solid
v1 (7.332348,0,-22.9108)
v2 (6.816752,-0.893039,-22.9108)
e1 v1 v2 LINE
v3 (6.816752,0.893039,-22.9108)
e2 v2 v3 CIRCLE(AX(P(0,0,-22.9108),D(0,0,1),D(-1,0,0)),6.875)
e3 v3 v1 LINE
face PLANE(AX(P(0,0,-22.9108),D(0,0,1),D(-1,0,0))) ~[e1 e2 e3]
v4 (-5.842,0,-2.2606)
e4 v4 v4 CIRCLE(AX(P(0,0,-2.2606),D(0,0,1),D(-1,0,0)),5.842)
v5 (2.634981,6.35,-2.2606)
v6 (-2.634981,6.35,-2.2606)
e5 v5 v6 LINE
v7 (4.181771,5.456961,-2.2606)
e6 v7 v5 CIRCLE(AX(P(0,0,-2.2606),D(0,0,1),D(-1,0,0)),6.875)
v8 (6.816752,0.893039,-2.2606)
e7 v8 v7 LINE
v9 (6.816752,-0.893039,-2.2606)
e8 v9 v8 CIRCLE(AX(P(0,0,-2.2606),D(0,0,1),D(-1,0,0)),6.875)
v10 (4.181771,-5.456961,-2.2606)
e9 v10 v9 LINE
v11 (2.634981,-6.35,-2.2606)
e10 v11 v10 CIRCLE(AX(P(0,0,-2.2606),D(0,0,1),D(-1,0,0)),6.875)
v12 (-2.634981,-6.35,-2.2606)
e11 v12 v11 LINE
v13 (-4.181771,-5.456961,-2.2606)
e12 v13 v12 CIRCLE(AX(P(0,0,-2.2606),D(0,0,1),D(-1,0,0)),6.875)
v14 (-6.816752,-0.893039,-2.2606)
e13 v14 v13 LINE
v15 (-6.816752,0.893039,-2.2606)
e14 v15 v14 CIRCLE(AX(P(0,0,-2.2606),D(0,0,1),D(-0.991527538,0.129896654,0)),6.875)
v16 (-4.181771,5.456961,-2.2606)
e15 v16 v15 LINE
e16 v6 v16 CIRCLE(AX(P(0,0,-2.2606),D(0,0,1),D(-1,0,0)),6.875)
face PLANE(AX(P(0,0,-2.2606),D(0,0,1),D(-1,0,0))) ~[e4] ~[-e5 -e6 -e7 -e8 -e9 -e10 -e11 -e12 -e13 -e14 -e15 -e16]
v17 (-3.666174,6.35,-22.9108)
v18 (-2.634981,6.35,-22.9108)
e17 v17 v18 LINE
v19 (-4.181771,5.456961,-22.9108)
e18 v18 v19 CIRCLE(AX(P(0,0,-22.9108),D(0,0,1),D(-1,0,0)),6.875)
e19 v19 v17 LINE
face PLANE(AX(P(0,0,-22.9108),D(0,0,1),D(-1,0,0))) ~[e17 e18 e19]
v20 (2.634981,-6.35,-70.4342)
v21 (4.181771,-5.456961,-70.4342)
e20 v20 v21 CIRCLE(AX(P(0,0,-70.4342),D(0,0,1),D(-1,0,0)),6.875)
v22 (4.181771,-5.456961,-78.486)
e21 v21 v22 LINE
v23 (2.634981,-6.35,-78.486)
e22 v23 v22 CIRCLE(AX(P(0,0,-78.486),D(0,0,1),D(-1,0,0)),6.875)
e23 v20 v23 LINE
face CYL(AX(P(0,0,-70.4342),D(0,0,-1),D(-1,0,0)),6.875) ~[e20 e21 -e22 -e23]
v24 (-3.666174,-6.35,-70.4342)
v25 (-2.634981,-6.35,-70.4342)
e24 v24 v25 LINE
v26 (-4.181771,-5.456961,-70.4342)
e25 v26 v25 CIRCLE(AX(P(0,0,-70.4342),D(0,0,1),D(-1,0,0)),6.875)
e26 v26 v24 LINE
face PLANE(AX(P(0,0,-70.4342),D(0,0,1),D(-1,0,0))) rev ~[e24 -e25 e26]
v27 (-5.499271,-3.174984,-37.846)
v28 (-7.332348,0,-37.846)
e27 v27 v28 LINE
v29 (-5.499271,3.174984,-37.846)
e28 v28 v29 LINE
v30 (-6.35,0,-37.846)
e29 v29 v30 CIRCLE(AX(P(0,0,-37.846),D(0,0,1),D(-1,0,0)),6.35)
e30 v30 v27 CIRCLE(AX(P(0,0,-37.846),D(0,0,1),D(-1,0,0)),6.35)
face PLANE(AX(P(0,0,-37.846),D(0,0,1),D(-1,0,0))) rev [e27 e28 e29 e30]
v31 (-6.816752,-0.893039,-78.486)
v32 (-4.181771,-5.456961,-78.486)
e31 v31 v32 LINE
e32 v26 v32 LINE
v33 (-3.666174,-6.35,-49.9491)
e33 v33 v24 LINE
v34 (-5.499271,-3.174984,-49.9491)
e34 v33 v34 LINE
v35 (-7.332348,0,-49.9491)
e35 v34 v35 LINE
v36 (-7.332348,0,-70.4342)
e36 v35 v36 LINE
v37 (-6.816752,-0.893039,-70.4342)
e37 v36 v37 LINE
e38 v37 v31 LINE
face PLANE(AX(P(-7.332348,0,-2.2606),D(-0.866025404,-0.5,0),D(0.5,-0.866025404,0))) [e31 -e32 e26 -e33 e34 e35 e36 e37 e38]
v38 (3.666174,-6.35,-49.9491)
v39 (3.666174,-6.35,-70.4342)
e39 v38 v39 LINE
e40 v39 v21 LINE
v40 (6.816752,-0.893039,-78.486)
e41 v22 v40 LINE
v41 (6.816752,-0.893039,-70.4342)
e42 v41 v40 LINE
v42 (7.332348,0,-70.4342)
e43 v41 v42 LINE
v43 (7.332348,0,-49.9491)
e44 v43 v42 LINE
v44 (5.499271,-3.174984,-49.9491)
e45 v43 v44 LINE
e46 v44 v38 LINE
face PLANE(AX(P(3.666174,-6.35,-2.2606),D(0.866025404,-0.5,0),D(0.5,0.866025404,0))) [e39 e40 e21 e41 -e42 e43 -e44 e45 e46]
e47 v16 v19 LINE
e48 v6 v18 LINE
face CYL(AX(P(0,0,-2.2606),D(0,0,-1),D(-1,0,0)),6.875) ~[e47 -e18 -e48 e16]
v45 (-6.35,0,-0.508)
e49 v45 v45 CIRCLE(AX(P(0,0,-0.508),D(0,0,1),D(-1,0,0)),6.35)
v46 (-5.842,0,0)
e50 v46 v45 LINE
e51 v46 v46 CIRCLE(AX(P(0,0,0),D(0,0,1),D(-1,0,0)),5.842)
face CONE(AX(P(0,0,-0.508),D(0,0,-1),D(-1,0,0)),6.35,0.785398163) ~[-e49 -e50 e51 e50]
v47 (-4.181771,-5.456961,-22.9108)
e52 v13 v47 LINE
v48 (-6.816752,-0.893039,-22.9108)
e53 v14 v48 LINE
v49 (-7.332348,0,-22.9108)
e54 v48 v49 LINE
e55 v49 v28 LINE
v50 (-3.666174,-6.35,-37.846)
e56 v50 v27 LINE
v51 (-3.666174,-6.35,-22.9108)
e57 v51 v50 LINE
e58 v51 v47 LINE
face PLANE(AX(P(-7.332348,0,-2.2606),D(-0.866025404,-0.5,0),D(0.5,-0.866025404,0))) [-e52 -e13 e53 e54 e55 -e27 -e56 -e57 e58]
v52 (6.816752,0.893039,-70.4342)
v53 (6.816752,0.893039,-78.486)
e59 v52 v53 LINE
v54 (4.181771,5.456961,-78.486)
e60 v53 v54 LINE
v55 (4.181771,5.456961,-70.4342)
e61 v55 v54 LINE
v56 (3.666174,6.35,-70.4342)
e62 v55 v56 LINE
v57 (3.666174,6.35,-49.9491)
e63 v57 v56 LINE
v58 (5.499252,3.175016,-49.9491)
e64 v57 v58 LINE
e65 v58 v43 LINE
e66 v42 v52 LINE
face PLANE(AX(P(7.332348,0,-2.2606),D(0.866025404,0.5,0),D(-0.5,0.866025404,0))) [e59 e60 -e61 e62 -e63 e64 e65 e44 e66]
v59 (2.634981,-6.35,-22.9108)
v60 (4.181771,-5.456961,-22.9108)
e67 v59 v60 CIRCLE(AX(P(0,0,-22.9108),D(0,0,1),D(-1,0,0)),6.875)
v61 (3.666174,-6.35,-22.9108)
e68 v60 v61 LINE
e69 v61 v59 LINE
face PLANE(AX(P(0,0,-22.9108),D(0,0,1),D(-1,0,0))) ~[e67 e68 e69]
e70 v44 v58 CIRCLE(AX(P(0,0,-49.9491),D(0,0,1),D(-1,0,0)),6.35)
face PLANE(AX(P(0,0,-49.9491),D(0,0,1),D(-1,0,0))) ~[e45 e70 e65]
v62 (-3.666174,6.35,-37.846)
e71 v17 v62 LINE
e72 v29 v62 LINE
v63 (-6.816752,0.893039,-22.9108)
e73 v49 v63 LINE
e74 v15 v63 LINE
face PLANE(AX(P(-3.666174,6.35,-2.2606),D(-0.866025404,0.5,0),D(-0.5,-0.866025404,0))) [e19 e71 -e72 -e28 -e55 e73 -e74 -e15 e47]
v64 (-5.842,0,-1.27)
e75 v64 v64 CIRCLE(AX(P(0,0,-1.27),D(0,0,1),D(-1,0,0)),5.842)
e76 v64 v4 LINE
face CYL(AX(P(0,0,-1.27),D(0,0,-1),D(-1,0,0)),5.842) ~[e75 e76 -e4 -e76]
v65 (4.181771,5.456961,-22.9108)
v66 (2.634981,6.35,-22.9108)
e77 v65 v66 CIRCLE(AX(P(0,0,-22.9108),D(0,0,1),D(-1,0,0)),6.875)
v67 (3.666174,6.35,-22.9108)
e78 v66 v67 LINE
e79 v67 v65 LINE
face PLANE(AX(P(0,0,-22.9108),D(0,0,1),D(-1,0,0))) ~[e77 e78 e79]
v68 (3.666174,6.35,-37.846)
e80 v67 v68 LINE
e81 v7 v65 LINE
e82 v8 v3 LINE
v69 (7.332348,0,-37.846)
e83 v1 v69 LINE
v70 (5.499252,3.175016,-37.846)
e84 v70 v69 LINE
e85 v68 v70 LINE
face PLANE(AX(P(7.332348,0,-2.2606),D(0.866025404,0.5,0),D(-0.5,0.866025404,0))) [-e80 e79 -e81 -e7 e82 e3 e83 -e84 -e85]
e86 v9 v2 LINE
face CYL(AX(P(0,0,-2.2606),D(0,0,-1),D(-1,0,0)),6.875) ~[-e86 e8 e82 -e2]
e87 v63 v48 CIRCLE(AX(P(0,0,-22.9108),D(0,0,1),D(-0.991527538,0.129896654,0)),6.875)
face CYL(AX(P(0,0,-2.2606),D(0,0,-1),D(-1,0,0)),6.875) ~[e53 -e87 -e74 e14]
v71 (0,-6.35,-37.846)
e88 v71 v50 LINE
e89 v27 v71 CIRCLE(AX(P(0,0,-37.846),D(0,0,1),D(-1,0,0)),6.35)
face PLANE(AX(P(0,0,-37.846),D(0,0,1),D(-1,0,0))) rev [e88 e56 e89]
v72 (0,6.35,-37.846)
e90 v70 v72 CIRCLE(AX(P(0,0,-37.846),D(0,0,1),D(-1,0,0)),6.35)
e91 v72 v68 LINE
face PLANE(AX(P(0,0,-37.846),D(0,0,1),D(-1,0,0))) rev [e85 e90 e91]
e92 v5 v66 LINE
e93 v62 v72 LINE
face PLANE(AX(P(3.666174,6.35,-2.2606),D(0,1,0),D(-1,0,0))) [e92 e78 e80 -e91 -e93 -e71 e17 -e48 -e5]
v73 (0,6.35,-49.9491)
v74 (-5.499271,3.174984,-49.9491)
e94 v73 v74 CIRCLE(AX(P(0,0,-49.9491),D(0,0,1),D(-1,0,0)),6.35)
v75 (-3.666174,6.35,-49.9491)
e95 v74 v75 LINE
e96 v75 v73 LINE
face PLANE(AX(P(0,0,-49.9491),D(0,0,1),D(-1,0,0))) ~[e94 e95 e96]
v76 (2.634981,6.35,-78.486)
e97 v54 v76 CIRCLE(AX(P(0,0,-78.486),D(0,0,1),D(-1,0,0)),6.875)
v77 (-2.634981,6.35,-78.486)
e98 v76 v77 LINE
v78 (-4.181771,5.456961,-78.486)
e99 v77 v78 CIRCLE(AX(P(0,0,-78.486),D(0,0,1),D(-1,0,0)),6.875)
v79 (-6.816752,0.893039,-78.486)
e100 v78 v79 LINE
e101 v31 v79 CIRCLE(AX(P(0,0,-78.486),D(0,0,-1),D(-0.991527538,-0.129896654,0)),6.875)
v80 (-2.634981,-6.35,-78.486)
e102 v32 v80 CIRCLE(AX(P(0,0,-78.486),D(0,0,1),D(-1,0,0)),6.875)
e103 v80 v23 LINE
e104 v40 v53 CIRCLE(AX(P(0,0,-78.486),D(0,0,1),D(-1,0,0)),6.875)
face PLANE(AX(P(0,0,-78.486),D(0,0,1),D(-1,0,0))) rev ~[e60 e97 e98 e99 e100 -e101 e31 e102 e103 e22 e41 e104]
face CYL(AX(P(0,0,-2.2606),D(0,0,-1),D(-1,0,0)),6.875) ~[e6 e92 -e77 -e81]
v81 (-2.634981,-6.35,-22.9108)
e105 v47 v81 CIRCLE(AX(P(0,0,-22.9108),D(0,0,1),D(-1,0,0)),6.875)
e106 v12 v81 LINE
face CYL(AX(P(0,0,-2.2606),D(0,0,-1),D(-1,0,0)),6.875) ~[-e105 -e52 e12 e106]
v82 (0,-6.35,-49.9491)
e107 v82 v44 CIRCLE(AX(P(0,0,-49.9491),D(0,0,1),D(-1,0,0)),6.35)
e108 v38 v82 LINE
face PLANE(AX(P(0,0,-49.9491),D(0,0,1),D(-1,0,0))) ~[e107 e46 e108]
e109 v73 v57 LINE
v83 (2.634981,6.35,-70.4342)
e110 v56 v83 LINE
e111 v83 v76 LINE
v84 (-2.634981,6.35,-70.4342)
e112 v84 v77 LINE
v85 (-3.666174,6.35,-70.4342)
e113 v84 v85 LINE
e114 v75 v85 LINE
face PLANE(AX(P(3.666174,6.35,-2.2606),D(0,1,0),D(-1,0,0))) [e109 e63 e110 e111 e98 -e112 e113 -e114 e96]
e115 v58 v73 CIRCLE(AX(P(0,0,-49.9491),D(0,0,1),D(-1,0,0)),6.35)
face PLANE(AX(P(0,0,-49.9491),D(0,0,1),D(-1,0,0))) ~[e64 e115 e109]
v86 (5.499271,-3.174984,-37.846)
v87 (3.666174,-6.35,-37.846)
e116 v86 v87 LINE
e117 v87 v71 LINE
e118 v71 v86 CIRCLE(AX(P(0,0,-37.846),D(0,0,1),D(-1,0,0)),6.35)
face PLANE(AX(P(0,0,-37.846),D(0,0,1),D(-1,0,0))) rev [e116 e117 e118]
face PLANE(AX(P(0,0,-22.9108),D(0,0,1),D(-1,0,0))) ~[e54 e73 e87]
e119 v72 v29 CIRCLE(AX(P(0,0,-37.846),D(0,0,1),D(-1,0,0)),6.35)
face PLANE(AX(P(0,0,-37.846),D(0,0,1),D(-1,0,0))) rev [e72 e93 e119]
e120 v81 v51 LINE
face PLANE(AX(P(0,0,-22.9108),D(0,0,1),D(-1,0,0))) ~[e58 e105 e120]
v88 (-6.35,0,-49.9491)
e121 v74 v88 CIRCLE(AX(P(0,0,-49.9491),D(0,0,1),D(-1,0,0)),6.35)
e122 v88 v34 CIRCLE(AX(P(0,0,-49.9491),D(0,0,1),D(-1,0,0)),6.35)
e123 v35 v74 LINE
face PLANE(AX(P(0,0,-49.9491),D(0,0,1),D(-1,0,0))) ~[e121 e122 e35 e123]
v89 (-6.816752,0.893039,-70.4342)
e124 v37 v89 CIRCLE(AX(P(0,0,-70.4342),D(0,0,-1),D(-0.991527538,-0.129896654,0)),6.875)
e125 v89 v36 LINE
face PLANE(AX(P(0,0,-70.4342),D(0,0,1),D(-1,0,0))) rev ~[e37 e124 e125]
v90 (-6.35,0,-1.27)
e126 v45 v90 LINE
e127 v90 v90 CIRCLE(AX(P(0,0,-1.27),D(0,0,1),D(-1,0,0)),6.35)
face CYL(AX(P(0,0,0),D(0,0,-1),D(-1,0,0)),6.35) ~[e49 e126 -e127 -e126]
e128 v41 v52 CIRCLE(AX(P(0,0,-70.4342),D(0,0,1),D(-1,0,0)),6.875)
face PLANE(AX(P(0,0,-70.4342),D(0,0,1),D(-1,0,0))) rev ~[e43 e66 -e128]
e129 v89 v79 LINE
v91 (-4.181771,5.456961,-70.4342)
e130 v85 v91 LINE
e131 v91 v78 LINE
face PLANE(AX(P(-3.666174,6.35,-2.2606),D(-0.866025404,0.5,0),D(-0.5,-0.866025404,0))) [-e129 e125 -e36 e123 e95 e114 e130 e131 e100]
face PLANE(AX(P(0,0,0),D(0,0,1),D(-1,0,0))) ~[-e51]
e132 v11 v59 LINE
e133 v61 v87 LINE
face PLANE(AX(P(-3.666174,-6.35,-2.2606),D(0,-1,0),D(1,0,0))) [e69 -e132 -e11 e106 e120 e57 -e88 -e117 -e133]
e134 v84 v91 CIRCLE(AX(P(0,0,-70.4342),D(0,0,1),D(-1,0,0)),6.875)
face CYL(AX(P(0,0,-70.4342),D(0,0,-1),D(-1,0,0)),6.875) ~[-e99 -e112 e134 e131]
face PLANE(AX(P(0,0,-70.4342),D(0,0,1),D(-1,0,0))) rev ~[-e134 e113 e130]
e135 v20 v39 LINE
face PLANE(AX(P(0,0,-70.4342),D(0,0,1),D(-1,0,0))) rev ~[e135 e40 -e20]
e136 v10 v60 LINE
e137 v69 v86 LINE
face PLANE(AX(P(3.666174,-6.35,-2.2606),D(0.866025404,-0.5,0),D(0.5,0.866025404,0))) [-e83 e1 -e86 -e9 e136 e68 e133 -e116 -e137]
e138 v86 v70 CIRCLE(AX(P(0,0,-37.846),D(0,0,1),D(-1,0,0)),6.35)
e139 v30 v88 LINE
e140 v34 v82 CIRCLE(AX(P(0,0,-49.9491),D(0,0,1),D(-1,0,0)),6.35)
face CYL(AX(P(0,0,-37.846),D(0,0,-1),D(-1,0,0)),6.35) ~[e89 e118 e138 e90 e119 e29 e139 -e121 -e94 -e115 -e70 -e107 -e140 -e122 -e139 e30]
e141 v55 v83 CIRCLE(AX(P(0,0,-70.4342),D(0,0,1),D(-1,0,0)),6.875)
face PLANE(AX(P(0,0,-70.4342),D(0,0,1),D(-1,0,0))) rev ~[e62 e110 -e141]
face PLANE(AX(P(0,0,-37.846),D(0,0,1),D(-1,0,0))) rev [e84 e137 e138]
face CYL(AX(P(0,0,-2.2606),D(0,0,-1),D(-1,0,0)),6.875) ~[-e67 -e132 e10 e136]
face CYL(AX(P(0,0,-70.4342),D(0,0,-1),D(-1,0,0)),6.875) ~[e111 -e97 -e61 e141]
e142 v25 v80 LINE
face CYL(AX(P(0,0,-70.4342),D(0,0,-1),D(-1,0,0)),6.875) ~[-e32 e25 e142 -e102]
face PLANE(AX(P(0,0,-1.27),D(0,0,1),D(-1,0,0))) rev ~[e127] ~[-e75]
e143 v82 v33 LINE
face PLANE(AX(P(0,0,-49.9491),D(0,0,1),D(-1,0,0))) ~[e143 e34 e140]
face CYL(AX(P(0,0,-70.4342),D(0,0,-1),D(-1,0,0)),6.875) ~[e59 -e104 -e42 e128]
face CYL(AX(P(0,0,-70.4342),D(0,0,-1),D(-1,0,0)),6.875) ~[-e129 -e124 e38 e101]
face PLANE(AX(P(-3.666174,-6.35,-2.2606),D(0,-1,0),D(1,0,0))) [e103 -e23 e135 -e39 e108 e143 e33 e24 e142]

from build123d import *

# Parameters (mm, degrees)
SKETCH2_OUTSIDE_W  = 34.202
SKETCH2_OUTSIDE_H  = 34.202
CUT_EXTRUDE1_DEPTH = 78.047514026
CHAMFER1_SIZE      = 0.508


with BuildPart() as part:
    # Sketch1 → Revolve1 (revolve)
    with BuildSketch(Plane(origin=(0, 0, 0), x_dir=(0, 0, -1), z_dir=(1, 0, 0)), mode=Mode.PRIVATE) as revolve1_sk:
        Polygon((0, 0), (0, 6.35), (1.27, 6.35), (1.27, 5.842), (2.2606, 5.842), (2.2606, 6.875), (22.9108, 6.875), (22.9108, 7.9375), (37.846, 7.9375), (37.846, 6.875), (37.846, 6.35), (49.9491, 6.35), (49.9491, 7.9375), (70.4342, 7.9375), (70.4342, 6.875), (78.486, 6.875), (78.486, 0), align=None)
    revolve(revolve1_sk.sketch.rotate(Axis((0, 0, 0), (0, 0, 1)), 90), axis=Axis((0, 0, 0), (0, 0, 1)))

    # Sketch2 outside → Cut-Extrude1 (cut, through all)
    with BuildSketch(Plane.XY.offset(-2.2606)):
        Rectangle(SKETCH2_OUTSIDE_W, SKETCH2_OUTSIDE_H)
        Polygon((3.666174209, 6.35), (-3.666174209, 6.35), (-7.332348419, 0), (-3.666174209, -6.35), (3.666174209, -6.35), (7.332348419, 0), align=None, mode=Mode.SUBTRACT)
    extrude(amount=-CUT_EXTRUDE1_DEPTH, mode=Mode.SUBTRACT)

    # Chamfer1
    chamfer1_edges = [part.edges().sort_by_distance(p)[0] for p in [
        (6.35, 0, 0),
    ]]
    chamfer(chamfer1_edges, length=CHAMFER1_SIZE)


solid = part.part
